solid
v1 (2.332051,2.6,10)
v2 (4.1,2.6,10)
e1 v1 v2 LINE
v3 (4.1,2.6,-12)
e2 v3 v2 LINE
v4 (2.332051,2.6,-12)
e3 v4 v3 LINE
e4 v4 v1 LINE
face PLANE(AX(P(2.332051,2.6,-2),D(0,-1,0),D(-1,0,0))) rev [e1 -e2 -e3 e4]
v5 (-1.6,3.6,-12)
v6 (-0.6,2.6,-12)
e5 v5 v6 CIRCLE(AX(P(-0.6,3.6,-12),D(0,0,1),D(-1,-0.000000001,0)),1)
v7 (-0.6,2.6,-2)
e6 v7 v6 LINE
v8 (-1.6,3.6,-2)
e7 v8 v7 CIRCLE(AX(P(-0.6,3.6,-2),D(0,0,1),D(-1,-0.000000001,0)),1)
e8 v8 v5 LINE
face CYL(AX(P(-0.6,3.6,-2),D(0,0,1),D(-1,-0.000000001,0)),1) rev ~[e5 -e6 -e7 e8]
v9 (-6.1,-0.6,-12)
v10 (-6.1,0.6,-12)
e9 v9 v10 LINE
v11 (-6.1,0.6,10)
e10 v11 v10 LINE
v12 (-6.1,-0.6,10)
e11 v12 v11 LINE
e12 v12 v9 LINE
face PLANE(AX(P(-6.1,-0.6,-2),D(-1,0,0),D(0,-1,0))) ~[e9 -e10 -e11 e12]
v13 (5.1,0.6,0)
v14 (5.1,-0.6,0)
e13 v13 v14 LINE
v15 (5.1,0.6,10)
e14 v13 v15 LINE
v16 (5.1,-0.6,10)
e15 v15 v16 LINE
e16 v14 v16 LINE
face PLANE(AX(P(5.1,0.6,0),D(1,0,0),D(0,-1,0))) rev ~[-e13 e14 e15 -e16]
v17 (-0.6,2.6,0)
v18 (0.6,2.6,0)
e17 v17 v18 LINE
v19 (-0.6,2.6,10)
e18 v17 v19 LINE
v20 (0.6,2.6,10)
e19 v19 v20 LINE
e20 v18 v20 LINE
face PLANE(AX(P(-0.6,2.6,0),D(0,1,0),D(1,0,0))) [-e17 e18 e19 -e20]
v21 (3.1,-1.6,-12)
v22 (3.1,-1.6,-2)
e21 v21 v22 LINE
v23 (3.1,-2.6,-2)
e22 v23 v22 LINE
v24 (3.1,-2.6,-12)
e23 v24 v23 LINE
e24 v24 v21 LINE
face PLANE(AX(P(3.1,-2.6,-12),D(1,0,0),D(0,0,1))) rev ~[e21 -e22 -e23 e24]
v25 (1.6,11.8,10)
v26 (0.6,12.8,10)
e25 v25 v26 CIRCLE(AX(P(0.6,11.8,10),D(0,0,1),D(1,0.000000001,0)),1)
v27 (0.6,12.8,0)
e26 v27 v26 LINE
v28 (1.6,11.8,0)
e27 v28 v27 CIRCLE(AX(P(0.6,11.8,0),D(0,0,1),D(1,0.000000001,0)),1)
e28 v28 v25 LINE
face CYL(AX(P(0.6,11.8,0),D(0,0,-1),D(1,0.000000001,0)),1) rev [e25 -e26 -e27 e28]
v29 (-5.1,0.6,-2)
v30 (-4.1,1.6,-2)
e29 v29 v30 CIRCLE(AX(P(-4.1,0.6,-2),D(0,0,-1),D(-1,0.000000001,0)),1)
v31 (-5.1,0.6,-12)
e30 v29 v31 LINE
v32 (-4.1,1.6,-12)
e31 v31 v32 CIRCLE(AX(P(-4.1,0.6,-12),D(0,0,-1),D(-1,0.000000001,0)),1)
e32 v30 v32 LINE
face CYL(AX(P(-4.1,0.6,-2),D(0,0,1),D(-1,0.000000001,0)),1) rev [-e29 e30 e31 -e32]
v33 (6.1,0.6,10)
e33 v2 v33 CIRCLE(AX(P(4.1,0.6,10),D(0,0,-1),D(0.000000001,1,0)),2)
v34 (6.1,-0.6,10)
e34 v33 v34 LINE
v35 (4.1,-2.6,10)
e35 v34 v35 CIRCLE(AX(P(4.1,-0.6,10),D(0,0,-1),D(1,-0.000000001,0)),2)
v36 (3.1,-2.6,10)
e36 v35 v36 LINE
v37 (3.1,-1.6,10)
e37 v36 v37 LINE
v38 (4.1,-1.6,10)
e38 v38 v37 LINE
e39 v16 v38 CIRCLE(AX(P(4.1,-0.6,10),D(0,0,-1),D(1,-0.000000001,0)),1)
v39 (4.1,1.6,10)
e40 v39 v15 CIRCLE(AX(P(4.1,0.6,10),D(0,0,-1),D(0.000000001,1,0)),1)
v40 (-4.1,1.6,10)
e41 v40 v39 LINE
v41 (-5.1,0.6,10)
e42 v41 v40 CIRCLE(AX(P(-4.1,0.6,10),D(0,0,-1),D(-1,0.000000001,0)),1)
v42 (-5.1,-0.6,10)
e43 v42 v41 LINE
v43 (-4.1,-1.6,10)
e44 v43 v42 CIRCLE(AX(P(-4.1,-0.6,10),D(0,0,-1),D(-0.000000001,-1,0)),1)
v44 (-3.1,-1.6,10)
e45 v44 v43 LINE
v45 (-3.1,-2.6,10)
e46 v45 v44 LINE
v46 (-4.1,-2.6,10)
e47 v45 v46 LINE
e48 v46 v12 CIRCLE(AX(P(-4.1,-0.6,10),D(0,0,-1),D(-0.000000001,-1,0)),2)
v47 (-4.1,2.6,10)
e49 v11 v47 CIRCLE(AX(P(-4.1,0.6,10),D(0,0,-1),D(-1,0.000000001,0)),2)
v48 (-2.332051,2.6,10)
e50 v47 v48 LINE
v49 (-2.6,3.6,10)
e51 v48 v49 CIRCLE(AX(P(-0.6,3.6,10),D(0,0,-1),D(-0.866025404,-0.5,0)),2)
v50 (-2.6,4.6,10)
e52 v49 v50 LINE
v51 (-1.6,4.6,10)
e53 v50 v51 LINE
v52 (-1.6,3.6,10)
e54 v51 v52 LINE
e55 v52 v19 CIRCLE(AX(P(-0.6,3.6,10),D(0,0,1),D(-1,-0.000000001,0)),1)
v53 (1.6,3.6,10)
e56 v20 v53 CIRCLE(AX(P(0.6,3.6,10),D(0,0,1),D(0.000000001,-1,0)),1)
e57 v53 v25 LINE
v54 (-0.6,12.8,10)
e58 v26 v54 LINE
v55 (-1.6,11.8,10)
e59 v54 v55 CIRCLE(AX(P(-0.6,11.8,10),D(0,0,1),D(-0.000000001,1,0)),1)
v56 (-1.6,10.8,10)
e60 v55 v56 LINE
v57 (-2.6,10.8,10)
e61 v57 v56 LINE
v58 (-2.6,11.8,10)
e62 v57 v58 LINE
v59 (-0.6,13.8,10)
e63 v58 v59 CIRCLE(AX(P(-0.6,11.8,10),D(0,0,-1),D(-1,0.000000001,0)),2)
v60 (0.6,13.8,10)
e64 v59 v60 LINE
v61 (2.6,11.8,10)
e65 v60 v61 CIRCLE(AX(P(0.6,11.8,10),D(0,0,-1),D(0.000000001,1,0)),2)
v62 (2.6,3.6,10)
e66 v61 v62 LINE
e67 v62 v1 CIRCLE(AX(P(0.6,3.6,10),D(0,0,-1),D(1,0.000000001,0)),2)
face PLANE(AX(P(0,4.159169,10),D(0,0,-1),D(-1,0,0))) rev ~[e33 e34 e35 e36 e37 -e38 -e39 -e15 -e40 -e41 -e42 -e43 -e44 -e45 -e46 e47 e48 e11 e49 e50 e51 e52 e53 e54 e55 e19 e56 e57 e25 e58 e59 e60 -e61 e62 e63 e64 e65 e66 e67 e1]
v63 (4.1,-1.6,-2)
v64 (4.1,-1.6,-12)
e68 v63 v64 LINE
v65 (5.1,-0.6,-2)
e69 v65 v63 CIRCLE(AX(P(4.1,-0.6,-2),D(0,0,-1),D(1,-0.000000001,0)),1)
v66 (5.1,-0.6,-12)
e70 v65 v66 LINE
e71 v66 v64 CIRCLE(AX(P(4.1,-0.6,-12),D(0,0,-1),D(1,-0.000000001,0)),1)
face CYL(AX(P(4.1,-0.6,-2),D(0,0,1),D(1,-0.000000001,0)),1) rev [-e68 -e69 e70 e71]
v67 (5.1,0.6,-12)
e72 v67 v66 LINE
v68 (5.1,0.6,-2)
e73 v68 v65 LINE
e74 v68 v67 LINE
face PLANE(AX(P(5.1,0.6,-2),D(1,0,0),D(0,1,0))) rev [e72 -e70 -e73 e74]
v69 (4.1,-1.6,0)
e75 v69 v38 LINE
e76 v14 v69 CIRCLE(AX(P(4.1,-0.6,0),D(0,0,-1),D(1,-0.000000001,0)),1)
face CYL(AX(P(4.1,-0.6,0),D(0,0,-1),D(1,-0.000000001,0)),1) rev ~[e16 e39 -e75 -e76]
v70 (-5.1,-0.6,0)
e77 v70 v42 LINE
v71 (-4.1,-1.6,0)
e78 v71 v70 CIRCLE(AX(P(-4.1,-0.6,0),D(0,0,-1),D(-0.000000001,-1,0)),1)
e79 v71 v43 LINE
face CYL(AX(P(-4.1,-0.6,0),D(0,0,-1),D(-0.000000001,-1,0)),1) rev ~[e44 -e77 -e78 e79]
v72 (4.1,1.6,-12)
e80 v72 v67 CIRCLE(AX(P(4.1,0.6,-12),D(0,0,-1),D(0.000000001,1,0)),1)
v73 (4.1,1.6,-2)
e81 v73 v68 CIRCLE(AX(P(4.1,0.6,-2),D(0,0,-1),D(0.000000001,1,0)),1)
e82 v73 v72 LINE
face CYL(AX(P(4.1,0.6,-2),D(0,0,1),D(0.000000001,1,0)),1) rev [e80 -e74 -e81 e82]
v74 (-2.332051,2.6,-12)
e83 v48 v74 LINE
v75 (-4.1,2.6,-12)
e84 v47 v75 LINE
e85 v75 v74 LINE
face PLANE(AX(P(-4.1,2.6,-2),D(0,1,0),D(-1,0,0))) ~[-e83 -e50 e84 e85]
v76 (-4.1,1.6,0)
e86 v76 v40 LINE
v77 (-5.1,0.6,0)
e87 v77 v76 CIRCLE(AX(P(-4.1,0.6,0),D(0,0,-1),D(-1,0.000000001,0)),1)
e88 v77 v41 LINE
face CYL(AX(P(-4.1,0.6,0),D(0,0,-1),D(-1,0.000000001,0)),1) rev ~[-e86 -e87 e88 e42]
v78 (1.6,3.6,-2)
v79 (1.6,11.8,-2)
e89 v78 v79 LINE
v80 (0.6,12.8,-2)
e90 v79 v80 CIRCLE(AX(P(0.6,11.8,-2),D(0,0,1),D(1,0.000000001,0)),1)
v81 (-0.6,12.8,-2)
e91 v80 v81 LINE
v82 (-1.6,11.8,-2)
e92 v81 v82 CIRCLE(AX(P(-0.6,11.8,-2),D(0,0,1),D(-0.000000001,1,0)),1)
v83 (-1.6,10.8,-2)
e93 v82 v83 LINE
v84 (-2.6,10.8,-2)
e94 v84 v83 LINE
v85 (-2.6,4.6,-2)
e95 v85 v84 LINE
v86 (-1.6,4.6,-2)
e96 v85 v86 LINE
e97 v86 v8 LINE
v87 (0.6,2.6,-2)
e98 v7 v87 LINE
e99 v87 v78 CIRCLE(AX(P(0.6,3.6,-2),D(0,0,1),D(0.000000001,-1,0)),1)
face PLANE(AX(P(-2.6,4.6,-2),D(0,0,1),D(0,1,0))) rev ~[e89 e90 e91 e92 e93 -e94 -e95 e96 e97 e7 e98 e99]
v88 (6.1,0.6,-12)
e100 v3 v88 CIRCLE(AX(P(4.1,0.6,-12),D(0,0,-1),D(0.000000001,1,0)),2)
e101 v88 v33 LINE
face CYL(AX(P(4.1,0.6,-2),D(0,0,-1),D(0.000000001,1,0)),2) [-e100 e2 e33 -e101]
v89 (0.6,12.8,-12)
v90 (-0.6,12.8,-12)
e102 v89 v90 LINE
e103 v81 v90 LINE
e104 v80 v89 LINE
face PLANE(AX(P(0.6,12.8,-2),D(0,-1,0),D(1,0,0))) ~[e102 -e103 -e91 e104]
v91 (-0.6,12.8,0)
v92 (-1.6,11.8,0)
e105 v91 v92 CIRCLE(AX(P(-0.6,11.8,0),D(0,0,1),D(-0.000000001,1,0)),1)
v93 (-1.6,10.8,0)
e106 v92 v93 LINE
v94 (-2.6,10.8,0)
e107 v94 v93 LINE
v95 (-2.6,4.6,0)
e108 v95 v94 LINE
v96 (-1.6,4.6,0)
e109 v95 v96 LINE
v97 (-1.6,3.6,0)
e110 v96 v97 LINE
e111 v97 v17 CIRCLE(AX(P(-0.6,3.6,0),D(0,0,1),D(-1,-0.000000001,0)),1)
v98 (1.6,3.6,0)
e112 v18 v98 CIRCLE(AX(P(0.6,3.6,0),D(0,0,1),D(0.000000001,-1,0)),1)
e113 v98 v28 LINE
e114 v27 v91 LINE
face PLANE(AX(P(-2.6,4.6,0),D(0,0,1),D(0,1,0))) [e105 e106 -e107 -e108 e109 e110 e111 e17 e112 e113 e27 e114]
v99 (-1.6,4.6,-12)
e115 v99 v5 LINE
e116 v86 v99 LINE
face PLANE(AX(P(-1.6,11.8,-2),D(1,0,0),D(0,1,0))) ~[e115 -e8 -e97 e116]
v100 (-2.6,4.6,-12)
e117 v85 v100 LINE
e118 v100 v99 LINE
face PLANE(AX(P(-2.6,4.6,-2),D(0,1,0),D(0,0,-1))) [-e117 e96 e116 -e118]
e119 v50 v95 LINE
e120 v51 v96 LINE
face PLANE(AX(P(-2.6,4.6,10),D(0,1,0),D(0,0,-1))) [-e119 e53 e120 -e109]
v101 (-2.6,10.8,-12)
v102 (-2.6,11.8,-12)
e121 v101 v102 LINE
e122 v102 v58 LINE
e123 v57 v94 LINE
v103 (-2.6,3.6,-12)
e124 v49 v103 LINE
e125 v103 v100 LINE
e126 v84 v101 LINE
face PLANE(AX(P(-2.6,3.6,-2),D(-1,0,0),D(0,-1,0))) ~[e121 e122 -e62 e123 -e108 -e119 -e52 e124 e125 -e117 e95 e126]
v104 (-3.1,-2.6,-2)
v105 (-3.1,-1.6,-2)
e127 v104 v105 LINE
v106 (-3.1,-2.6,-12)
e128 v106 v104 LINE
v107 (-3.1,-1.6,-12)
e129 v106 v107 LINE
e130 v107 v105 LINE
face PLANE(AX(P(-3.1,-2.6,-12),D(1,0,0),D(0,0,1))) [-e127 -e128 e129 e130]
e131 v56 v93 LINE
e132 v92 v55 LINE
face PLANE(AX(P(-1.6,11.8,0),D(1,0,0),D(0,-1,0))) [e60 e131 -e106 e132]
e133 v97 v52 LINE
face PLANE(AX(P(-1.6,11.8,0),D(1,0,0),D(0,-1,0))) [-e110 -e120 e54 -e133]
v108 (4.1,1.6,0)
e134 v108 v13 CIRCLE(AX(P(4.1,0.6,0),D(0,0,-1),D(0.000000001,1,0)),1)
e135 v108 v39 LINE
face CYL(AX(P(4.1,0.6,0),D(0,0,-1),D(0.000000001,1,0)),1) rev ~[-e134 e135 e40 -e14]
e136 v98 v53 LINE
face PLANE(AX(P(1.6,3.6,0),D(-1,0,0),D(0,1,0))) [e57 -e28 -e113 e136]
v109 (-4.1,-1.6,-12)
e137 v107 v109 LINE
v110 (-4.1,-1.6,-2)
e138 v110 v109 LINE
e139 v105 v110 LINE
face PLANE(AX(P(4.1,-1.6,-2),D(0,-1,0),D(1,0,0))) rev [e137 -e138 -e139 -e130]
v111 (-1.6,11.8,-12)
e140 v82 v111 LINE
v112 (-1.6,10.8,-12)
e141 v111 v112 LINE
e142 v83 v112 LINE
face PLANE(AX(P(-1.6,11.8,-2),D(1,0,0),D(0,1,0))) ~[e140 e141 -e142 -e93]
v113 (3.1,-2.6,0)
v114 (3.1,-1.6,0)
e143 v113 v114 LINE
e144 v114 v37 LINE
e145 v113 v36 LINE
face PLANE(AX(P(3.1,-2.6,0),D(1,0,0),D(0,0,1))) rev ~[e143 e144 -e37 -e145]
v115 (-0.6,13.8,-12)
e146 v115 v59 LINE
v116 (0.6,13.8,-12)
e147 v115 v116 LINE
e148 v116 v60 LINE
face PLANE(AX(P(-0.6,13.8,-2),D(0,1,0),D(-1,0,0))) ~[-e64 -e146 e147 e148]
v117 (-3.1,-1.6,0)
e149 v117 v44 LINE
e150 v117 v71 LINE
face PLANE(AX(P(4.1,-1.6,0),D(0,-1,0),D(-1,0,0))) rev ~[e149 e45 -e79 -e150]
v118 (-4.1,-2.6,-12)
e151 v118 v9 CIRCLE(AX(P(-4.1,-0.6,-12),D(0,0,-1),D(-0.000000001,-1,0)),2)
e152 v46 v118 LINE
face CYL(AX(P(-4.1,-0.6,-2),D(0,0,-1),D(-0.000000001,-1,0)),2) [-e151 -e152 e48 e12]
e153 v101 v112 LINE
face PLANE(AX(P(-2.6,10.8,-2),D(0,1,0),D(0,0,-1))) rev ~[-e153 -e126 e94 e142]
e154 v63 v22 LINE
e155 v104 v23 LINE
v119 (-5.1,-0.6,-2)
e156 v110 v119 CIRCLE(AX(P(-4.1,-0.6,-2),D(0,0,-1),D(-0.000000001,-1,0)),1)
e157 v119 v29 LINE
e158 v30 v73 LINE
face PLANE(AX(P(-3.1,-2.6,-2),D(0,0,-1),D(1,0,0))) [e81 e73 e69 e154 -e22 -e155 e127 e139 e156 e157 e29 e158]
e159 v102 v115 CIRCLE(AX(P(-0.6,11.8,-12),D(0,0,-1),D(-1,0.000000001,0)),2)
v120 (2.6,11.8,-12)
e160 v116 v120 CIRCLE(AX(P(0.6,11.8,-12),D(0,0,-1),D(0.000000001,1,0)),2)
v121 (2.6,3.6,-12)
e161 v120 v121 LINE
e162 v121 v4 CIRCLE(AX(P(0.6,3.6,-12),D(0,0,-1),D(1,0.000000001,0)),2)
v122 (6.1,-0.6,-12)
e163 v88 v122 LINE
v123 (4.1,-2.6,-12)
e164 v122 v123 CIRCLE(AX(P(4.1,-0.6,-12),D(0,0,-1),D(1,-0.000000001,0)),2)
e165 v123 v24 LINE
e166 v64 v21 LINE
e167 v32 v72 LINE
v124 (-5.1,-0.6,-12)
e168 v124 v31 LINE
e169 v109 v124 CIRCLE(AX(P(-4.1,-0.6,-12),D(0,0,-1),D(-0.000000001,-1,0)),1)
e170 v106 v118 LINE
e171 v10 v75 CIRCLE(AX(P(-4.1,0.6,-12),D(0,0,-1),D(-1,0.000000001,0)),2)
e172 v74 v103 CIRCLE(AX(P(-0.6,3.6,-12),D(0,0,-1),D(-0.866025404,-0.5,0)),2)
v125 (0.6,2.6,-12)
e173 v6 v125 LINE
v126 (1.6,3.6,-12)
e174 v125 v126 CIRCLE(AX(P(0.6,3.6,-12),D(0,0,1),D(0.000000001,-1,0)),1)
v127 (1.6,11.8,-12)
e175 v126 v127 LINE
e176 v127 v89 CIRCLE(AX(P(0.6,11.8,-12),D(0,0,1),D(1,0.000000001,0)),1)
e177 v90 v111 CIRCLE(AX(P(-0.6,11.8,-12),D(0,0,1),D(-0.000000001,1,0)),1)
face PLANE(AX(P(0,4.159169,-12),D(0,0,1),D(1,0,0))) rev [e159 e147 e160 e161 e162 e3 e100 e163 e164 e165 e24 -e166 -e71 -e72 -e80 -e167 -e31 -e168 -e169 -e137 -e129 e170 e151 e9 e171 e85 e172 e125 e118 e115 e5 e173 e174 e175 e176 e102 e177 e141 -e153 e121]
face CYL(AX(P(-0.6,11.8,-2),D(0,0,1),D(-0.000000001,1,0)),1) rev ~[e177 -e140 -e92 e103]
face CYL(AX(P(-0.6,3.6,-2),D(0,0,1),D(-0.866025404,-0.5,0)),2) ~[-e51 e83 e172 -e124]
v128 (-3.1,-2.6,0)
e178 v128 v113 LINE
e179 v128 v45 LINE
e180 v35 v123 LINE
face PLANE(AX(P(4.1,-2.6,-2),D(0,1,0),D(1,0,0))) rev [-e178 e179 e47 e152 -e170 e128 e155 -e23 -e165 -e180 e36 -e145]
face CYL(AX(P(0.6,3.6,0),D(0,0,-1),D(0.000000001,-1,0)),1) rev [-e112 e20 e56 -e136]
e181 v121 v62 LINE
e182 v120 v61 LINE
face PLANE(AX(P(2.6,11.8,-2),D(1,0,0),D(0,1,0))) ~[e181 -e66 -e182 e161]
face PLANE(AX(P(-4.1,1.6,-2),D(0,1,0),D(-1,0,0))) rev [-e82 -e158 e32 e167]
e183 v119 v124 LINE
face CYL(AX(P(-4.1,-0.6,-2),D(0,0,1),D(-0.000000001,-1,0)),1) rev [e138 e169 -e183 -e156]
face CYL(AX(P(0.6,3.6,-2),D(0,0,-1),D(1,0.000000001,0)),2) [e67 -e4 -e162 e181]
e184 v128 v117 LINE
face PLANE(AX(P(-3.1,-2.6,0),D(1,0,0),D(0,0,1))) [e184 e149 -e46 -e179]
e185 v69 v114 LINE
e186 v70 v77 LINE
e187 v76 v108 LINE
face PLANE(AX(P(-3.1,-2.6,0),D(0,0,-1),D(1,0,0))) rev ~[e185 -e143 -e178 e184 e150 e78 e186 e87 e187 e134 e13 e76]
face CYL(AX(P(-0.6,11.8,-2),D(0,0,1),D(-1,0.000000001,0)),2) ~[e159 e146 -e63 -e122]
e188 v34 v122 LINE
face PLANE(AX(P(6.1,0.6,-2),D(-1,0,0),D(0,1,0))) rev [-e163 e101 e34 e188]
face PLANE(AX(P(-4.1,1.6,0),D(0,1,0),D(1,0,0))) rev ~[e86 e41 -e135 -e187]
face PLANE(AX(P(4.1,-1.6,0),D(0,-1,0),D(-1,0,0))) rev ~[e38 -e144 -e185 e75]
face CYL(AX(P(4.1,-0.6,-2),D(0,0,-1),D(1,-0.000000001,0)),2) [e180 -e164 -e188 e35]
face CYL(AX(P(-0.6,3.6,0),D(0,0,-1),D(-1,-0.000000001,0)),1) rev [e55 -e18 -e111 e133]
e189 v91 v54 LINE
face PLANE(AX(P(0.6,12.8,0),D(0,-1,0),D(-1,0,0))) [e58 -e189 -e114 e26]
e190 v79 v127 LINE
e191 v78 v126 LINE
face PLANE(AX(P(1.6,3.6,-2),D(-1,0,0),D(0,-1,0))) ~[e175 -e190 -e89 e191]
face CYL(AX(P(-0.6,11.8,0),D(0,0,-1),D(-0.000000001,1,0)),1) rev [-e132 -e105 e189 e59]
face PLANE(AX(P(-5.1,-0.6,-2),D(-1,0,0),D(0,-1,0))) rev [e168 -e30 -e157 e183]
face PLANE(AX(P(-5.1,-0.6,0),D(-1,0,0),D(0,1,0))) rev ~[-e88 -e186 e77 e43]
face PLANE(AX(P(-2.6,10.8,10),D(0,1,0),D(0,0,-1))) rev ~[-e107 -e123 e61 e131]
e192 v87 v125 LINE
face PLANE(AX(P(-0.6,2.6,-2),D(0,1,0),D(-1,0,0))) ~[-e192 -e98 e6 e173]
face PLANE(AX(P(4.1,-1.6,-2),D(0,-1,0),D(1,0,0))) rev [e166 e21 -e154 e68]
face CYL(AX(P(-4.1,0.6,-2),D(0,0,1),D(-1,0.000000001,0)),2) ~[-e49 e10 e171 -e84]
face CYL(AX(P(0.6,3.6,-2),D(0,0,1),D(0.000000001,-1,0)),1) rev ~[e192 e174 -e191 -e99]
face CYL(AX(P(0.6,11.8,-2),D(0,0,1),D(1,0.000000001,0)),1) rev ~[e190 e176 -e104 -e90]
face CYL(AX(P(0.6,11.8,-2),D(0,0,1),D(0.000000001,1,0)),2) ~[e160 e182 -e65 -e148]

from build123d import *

# Parameters (mm, degrees)
BOSS_EXTRU_2_DEPTH      = 10
BOSS_EXTRU_4_DEPTH      = 1
ESQUISSE5_W             = 6.2
ESQUISSE5_H             = 10
ENL_V_MAT_EXTRU_1_DEPTH = 1
ESQUISSE6_W             = 10
ESQUISSE6_H             = 6.2
ENL_V_MAT_EXTRU_2_DEPTH = 1


with BuildPart() as part:
    # Esquisse1 → Boss.-Extru.2 (new body)
    with BuildSketch(Plane.XY):
        with BuildLine():
            Line((6.1, 0.6), (6.1, -0.6))
            ThreePointArc((6.1, -0.6), (5.514213562, -2.014213562), (4.1, -2.6))
            Line((4.1, -2.6), (-4.1, -2.6))
            ThreePointArc((-4.1, -2.6), (-5.514213562, -2.014213562), (-6.1, -0.6))
            Line((-6.1, -0.6), (-6.1, 0.6))
            ThreePointArc((-6.1, 0.6), (-5.514213562, 2.014213562), (-4.1, 2.6))
            Line((-4.1, 2.6), (-2.332050808, 2.6))
            ThreePointArc((-2.332050808, 2.6), (-2.531851653, 3.08236191), (-2.6, 3.6))
            Line((-2.6, 3.6), (-2.6, 11.8))
            ThreePointArc((-2.6, 11.8), (-2.014213562, 13.214213562), (-0.6, 13.8))
            Line((-0.6, 13.8), (0.6, 13.8))
            ThreePointArc((0.6, 13.8), (2.014213562, 13.214213562), (2.6, 11.8))
            Line((2.6, 11.8), (2.6, 3.6))
            ThreePointArc((2.6, 3.6), (2.531851653, 3.08236191), (2.332050808, 2.6))
            Line((2.332050808, 2.6), (4.1, 2.6))
            ThreePointArc((4.1, 2.6), (5.514213562, 2.014213562), (6.1, 0.6))
        make_face()
        with BuildLine():
            Line((5.1, 0.6), (5.1, -0.6))
            ThreePointArc((5.1, -0.6), (4.807106781, -1.307106781), (4.1, -1.6))
            Line((4.1, -1.6), (-4.1, -1.6))
            ThreePointArc((-4.1, -1.6), (-4.807106781, -1.307106781), (-5.1, -0.6))
            Line((-5.1, -0.6), (-5.1, 0.6))
            ThreePointArc((-5.1, 0.6), (-4.807106781, 1.307106781), (-4.1, 1.6))
            Line((-4.1, 1.6), (4.1, 1.6))
            ThreePointArc((4.1, 1.6), (4.807106781, 1.307106781), (5.1, 0.6))
        make_face(mode=Mode.SUBTRACT)
        with BuildLine():
            Line((-0.6, 2.6), (0.6, 2.6))
            ThreePointArc((0.6, 2.6), (1.307106781, 2.892893219), (1.6, 3.6))
            Line((1.6, 3.6), (1.6, 11.8))
            ThreePointArc((1.6, 11.8), (1.307106781, 12.507106781), (0.6, 12.8))
            Line((0.6, 12.8), (-0.6, 12.8))
            ThreePointArc((-0.6, 12.8), (-1.307106781, 12.507106781), (-1.6, 11.8))
            Line((-1.6, 11.8), (-1.6, 3.6))
            ThreePointArc((-1.6, 3.6), (-1.307106781, 2.892893219), (-0.6, 2.6))
        make_face(mode=Mode.SUBTRACT)
    boss_extru_2 = extrude(amount=BOSS_EXTRU_2_DEPTH)

    # Esquisse7 → Boss.-Extru.4 (add)
    with BuildSketch(Plane(origin=(0, 0, 0), x_dir=(-1, 0, 0), z_dir=(0, 0, -1))):
        with BuildLine():
            Line((-6.1, 0.6), (-6.1, -0.6))
            ThreePointArc((-6.1, -0.6), (-5.514213562, -2.014213562), (-4.1, -2.6))
            Line((-4.1, -2.6), (4.1, -2.6))
            ThreePointArc((4.1, -2.6), (5.514213562, -2.014213562), (6.1, -0.6))
            Line((6.1, -0.6), (6.1, 0.6))
            ThreePointArc((6.1, 0.6), (5.514213562, 2.014213562), (4.1, 2.6))
            Line((4.1, 2.6), (2.332050808, 2.6))
            ThreePointArc((2.332050808, 2.6), (2.531851653, 3.08236191), (2.6, 3.6))
            Line((2.6, 3.6), (2.6, 11.8))
            ThreePointArc((2.6, 11.8), (2.014213562, 13.214213562), (0.6, 13.8))
            Line((0.6, 13.8), (-0.6, 13.8))
            ThreePointArc((-0.6, 13.8), (-2.014213562, 13.214213562), (-2.6, 11.8))
            Line((-2.6, 11.8), (-2.6, 3.6))
            ThreePointArc((-2.6, 3.6), (-2.531851653, 3.08236191), (-2.332050808, 2.6))
            Line((-2.332050808, 2.6), (-4.1, 2.6))
            ThreePointArc((-4.1, 2.6), (-5.514213562, 2.014213562), (-6.1, 0.6))
        make_face()
    boss_extru_4 = extrude(amount=BOSS_EXTRU_4_DEPTH)

    # Symétrie1: Boss.-Extru.2, Boss.-Extru.4 across plane
    add(boss_extru_2.mirror(Plane(origin=(4.1, 0.6, -1), x_dir=(1, 0, 0), z_dir=(0, 0, -1))))
    add(boss_extru_4.mirror(Plane(origin=(4.1, 0.6, -1), x_dir=(1, 0, 0), z_dir=(0, 0, -1))))

    # Esquisse5 → Enlèv. mat.-Extru.1 (cut)
    with BuildSketch(Plane.XZ.offset(2.6)):
        with Locations((0, -7)):
            Rectangle(ESQUISSE5_W, ESQUISSE5_H)
        with Locations((0, 5)):
            Rectangle(ESQUISSE5_W, ESQUISSE5_H)
    extrude(amount=-ENL_V_MAT_EXTRU_1_DEPTH, mode=Mode.SUBTRACT)

    # Esquisse6 → Enlèv. mat.-Extru.2 (cut)
    with BuildSketch(Plane(origin=(-2.6, 0, 0), x_dir=(0, 0, -1), z_dir=(1, 0, 0))):
        with Locations((7, 7.7)):
            Rectangle(ESQUISSE6_W, ESQUISSE6_H)
        with Locations((-5, 7.7)):
            Rectangle(ESQUISSE6_W, ESQUISSE6_H)
    extrude(amount=ENL_V_MAT_EXTRU_2_DEPTH, mode=Mode.SUBTRACT)


solid = part.part
